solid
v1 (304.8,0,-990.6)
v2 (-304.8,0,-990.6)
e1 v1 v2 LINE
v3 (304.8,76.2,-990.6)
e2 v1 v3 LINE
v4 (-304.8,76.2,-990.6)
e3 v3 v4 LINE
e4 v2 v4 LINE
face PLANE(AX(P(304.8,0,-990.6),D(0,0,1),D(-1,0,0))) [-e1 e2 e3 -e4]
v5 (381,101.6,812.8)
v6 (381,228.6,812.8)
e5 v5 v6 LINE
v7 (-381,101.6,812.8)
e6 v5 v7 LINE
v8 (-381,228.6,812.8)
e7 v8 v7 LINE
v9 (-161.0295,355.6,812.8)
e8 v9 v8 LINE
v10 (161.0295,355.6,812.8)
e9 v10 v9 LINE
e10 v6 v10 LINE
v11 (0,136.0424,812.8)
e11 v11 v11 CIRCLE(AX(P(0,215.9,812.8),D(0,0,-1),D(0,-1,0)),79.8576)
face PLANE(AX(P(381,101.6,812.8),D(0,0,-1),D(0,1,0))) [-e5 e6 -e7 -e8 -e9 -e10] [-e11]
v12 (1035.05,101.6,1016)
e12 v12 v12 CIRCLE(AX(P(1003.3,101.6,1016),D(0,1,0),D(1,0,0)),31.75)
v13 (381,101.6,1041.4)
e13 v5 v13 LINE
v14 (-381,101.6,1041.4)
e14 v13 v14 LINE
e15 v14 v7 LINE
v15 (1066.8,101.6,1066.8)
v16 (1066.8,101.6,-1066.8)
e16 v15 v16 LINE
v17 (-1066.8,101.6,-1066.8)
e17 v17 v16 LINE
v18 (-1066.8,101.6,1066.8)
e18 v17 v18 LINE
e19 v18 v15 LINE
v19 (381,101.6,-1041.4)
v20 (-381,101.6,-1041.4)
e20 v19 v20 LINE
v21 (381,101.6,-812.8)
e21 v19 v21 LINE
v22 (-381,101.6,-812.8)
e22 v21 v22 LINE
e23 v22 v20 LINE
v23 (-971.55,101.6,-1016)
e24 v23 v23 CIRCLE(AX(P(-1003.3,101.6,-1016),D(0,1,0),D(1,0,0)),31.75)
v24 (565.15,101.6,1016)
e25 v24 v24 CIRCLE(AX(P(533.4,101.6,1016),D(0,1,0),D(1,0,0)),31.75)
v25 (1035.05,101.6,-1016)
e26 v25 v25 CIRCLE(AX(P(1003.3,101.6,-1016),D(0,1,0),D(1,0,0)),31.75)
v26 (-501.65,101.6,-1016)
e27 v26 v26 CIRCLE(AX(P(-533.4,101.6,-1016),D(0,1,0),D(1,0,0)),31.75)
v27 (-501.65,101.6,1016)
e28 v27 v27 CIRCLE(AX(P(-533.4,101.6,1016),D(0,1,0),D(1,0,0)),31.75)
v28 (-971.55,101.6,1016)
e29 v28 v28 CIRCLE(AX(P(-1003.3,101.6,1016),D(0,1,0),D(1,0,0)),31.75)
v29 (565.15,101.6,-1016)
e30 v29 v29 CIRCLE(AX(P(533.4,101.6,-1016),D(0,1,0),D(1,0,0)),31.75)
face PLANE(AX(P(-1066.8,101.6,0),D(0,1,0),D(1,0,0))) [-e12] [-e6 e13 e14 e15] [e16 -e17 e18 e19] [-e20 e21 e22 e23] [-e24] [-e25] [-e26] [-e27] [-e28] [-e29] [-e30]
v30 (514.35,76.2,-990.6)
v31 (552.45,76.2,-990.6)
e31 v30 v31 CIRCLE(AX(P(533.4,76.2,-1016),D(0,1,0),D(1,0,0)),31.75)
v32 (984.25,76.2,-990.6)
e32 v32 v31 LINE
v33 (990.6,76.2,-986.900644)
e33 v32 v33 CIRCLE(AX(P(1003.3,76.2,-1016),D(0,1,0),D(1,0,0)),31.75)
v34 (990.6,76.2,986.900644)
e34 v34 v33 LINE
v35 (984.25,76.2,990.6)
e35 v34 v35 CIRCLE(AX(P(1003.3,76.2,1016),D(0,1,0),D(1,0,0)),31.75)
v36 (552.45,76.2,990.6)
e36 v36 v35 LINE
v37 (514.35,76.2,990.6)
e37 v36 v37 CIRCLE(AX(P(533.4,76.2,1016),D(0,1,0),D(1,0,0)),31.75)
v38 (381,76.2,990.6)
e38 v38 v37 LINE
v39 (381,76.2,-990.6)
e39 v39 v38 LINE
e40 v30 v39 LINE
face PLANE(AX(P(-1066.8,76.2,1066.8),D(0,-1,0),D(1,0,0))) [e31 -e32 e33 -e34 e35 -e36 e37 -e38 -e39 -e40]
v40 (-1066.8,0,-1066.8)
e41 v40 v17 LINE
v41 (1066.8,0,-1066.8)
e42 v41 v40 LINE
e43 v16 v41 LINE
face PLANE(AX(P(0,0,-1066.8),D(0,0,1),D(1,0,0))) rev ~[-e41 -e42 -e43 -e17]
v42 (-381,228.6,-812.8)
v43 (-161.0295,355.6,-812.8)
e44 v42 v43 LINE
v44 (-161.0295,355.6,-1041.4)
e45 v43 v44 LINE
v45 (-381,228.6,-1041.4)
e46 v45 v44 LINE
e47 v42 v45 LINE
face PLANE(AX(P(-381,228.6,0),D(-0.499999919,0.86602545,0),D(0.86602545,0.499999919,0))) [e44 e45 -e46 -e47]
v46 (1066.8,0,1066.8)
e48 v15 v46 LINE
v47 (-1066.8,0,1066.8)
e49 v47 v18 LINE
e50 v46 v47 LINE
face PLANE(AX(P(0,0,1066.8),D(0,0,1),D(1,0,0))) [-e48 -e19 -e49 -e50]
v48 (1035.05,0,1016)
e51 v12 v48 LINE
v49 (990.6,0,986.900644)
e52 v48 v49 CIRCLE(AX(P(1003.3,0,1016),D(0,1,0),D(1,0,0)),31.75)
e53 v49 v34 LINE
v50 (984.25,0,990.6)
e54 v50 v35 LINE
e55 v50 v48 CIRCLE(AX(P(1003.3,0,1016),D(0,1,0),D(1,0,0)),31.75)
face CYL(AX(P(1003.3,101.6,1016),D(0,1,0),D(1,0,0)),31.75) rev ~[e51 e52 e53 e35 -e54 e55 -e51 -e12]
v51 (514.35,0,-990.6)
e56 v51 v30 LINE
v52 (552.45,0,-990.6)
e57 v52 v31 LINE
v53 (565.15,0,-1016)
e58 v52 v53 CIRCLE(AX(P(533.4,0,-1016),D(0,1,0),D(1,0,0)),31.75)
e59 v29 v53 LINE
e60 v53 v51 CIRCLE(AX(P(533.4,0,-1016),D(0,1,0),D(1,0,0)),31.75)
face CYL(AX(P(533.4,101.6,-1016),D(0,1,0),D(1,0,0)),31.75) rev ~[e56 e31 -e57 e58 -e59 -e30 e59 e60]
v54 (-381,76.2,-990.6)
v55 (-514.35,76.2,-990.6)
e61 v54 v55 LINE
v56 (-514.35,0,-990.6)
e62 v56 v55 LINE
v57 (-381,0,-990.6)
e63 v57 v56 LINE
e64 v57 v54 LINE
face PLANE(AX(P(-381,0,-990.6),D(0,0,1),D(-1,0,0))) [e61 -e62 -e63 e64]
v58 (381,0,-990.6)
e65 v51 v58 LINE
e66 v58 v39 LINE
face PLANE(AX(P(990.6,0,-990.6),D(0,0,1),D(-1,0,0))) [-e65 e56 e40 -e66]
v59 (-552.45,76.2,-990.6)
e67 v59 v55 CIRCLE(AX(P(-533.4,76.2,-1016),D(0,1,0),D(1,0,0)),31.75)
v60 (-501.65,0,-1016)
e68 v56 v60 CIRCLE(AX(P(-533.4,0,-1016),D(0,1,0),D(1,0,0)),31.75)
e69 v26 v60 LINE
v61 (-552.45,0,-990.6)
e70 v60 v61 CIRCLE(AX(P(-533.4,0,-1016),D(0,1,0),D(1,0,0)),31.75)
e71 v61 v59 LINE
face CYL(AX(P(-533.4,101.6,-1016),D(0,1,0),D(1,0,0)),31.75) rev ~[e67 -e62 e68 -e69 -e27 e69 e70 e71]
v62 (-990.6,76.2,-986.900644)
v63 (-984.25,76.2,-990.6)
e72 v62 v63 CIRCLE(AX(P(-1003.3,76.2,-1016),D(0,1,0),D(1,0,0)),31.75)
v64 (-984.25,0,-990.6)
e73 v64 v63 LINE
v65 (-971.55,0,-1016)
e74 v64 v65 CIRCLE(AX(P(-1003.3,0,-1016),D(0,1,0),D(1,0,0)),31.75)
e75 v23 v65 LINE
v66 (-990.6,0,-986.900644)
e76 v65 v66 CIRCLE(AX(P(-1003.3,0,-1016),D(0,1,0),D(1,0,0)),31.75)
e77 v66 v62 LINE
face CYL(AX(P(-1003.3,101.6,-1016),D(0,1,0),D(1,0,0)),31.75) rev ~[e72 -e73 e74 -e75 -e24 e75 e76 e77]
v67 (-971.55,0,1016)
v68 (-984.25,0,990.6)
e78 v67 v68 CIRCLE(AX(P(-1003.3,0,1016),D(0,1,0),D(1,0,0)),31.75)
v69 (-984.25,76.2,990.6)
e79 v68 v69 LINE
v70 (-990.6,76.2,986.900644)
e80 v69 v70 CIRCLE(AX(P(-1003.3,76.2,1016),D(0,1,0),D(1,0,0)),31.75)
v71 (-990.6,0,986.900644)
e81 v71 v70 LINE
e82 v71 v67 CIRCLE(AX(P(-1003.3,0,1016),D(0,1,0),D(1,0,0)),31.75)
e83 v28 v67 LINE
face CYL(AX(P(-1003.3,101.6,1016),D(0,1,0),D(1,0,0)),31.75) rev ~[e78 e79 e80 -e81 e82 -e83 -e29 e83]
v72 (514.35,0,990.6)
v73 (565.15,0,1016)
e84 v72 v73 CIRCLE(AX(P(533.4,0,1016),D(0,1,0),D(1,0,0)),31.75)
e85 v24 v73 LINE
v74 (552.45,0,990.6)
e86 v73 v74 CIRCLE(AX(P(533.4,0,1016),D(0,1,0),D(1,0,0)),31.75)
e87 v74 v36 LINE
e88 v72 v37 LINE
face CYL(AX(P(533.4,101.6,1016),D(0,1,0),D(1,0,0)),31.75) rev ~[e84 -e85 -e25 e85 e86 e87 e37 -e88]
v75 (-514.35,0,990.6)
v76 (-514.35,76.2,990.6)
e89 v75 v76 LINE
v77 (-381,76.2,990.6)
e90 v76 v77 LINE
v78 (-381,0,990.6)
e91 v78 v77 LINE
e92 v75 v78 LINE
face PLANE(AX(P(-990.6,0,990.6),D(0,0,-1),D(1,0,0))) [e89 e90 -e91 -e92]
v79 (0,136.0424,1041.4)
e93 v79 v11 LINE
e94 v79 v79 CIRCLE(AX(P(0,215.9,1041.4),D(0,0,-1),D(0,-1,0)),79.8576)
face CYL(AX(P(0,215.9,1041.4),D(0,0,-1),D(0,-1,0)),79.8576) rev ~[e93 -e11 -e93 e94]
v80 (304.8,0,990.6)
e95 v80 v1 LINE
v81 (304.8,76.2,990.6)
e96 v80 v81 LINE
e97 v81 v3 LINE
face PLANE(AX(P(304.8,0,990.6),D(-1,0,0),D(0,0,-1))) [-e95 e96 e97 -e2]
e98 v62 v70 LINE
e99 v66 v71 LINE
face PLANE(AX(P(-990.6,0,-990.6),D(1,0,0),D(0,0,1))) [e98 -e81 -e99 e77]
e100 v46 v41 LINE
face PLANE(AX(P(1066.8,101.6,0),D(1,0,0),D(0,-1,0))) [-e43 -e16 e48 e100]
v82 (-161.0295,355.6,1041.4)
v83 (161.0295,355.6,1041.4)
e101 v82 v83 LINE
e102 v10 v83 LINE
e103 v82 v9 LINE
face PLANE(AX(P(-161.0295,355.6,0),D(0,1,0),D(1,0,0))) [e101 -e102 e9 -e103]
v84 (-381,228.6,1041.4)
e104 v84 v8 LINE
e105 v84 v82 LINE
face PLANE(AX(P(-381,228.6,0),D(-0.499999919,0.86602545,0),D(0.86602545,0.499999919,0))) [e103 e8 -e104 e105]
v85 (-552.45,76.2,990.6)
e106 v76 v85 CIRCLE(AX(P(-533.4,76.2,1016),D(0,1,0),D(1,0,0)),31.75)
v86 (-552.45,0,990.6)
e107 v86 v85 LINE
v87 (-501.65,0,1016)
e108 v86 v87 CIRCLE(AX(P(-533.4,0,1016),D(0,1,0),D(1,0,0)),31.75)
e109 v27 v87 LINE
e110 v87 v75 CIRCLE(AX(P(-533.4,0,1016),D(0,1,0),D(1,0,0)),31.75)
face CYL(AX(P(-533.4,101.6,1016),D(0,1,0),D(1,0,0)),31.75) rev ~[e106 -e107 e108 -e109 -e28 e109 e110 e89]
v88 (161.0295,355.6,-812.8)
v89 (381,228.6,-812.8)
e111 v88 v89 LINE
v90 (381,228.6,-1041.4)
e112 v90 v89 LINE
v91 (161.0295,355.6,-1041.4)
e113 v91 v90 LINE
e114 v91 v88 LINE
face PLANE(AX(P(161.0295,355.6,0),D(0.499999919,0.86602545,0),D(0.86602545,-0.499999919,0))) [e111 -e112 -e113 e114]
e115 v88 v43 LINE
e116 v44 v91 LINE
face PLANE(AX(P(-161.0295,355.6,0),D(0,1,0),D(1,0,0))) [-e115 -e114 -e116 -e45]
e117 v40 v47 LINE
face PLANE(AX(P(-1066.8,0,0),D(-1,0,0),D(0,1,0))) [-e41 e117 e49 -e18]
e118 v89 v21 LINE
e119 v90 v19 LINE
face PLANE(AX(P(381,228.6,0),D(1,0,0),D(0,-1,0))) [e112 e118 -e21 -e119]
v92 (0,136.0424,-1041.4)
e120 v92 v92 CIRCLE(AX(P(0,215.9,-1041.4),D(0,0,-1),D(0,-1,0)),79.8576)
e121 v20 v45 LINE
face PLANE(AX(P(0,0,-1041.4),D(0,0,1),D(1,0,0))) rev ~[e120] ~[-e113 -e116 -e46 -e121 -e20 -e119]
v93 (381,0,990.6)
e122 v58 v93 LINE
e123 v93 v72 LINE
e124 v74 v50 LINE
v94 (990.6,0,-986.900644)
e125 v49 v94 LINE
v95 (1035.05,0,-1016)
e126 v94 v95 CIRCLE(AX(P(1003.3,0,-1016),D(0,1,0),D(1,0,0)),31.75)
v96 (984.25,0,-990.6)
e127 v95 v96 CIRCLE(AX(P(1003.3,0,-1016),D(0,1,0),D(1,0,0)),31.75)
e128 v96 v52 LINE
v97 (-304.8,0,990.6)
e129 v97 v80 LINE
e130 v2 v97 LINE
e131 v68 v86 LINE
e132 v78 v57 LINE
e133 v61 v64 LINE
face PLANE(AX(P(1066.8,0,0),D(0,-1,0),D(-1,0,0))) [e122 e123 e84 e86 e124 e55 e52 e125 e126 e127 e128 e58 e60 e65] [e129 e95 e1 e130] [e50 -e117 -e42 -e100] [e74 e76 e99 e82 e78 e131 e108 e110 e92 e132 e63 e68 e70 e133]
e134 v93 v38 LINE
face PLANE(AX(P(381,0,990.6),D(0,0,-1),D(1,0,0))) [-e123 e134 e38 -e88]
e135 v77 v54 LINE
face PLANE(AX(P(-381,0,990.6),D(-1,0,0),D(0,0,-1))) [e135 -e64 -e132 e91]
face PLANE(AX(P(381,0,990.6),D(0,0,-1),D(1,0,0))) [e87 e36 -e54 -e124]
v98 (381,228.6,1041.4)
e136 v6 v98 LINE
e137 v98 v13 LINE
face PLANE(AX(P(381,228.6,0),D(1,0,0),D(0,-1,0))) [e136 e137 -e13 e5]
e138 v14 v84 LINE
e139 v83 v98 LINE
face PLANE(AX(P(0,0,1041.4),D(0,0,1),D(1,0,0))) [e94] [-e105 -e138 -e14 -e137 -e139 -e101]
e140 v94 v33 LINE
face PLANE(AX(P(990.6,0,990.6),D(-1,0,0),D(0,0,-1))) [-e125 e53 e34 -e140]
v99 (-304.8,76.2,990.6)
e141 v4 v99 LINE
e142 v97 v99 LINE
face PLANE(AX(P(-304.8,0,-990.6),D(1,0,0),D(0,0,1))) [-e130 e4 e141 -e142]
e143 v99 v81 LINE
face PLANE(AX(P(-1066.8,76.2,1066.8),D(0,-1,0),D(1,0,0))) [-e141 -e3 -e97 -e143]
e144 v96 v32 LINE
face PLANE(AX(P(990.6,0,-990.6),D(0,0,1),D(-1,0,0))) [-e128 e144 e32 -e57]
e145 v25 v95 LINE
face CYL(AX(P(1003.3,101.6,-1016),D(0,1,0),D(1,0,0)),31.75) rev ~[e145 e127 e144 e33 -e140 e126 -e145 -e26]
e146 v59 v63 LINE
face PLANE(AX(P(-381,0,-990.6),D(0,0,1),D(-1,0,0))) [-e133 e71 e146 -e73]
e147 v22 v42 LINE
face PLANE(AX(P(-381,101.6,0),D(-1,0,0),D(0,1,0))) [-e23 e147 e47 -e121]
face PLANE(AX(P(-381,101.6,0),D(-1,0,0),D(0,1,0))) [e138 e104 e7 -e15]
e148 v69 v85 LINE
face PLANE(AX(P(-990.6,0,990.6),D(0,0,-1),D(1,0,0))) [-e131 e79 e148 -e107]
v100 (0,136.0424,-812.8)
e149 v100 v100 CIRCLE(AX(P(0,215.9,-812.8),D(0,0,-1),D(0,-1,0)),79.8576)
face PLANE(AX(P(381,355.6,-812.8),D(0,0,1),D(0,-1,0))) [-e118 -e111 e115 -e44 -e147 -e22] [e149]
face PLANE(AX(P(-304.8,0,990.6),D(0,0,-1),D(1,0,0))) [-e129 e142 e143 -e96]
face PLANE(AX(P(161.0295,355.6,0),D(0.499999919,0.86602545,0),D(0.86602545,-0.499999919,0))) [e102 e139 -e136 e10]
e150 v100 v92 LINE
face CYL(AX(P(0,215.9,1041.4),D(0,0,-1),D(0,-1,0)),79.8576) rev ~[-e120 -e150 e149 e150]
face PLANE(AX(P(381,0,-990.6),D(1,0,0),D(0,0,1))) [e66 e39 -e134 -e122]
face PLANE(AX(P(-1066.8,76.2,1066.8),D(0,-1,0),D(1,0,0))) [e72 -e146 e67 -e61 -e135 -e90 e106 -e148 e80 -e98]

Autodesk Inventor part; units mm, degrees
ref_plane "YZ Plane" through (0, 0, 0) normal (1, 0, 0) x (0, 1, 0)
ref_plane "XZ Plane" through (0, 0, 0) normal (0, 1, 0) x (-1, 0, 0)
ref_plane "XY Plane" through (0, 0, 0) normal (0, 0, 1) x (1, 0, 0)
sketch "Sketch1" plane through (0, 0, 0) normal (0, 0, 1) x (1, 0, 0)
  line L0 (-1066.8, 101.6) -> (1066.8, 101.6)
  line L1 (1066.8, 101.6) -> (1066.8, 0)
  line L2 (1066.8, 0) -> (-1066.8, 0)
  line L3 (-1066.8, 0) -> (-1066.8, 101.6)
  point P0 (0, 0)
  point P1 (0, 0)
  dimension "d0" = 2133.6
  dimension "d1" = 101.6
extrude "Extrusion1" add sketch "Sketch1" along normal mid plane 2133.6
sketch "Sketch2" plane through (-1066.8, 0, 1066.8) normal (0, -1, 0) x (1, 0, 0)
  line L0 (76.2, -76.2) -> (685.8, -76.2)
  line L1 (685.8, -76.2) -> (685.8, -2057.4)
  line L2 (685.8, -2057.4) -> (76.2, -2057.4)
  line L3 (76.2, -2057.4) -> (76.2, -76.2)
  line L4 (762, -76.2) -> (1371.6, -76.2)
  line L5 (1371.6, -76.2) -> (1371.6, -2057.4)
  line L6 (1371.6, -2057.4) -> (762, -2057.4)
  line L7 (762, -2057.4) -> (762, -76.2)
  line L8 (1447.8, -76.2) -> (2057.4, -76.2)
  line L9 (2057.4, -76.2) -> (2057.4, -2057.4)
  line L10 (2057.4, -2057.4) -> (1447.8, -2057.4)
  line L11 (1447.8, -2057.4) -> (1447.8, -76.2)
  line L12 (2133.6, 0) -> (2133.6, -2133.6) construction
  line L13 (0, 0) -> (2133.6, 0) construction
  line L14 (0, 0) -> (0, -2133.6) construction
  line L15 (2133.6, -2133.6) -> (0, -2133.6) construction
  line L16 (2133.6, 0) -> (0, 0) projected
  line L17 (1066.8, 0) -> (1066.8, -1066.8) construction
  line L18 (1066.8, -1066.8) -> (2133.6, -1066.8) construction
  line L19 (2133.6, 0) -> (2133.6, -2133.6) projected
  dimension "d4" = 76.2
  dimension "d5" = 76.2
  dimension "d6" = 76.2
  dimension "d7" = 76.2
extrude "Extrusion2" cut sketch "Sketch2" against normal blind 76.2
sketch "Sketch3" plane through (-1066.8, 101.6, 1066.8) normal (0, 1, 0) x (1, 0, 0)
  line L0 (0, 2133.6) -> (2133.6, 2133.6) projected
  line L1 (0, 2133.6) -> (0, 0) projected
  circle A0 centre (63.5, 2082.8) radius 31.75
  circle A1 centre (63.5, 50.8) radius 31.75
  circle A2 centre (2070.1, 2082.8) radius 31.75
  circle A3 centre (2070.1, 50.8) radius 31.75
  circle A4 centre (533.4, 2082.8) radius 31.75
  circle A5 centre (533.4, 50.8) radius 31.75
  circle A6 centre (1600.2, 2082.8) radius 31.75
  circle A7 centre (1600.2, 50.8) radius 31.75
  point P0 (1066.8, 1066.8)
  dimension "d17" = 63.5
  dimension "d18" = 63.5
  dimension "d19" = 50.8
  dimension "d22" = 2032
  dimension "d25" = 2006.6
  dimension "d28" = 63.5
  dimension "d29" = 533.4
  dimension "d30" = 50.8
  dimension "d33" = 2032
  dimension "d36" = 1066.8
extrude "Extrusion3" cut sketch "Sketch3" against normal through all
sketch "Sketch4" plane through (0, 0, 0) normal (0, 0, 1) x (1, 0, 0)
  line L0 (1066.8, 101.6) -> (-1066.8, 101.6) projected
  line L1 (-381, 101.6) -> (-381, 228.6)
  line L2 (-381, 228.6) -> (-161.0295, 355.6)
  line L3 (-161.0295, 355.6) -> (161.0295, 355.6)
  line L4 (161.0295, 355.6) -> (381, 228.6)
  line L5 (381, 228.6) -> (381, 101.6)
  line L6 (0, 355.6) -> (0, 0) construction
  dimension "d42" = 127
  dimension "d43" = 254
  dimension "d50" = 762
  dimension "d60" = 150
extrude "Extrusion4" add sketch "Sketch4" along normal mid plane 2082.8
sketch "Sketch5" plane through (381, 101.6, 1041.4) normal (1, 0, 0) x (0, 0, -1)
  line L0 (228.6, 254) -> (1854.2, 254)
  line L1 (1854.2, 254) -> (1854.2, 0)
  line L2 (1854.2, 0) -> (228.6, 0)
  line L3 (228.6, 0) -> (228.6, 254)
  line L4 (2082.8, 254) -> (0, 254) projected
  line L5 (1041.4, -101.6) -> (1041.4, -12.4327) construction
  line L6 (0, 0) -> (2082.8, 0) projected
  dimension "d47" = 1625.6
extrude "Extrusion5" cut sketch "Sketch5" against normal through all
sketch "Sketch6" plane through (0, 0, 1041.4) normal (0, 0, 1) x (1, 0, 0)
  line L0 (0, 0) -> (0, 215.9) construction
  line L1 (-203.2, 215.9) -> (203.2, 215.9) construction
  dimension "d51" = 203.2
  dimension "d52" = 215.9
hole "Hole1" at (0, 215.9, 1041.4) direction (0, 0, -1) diameter 159.7152 end through all
properties part number "Gondola Top Frame" material "Steel, Alloy"
